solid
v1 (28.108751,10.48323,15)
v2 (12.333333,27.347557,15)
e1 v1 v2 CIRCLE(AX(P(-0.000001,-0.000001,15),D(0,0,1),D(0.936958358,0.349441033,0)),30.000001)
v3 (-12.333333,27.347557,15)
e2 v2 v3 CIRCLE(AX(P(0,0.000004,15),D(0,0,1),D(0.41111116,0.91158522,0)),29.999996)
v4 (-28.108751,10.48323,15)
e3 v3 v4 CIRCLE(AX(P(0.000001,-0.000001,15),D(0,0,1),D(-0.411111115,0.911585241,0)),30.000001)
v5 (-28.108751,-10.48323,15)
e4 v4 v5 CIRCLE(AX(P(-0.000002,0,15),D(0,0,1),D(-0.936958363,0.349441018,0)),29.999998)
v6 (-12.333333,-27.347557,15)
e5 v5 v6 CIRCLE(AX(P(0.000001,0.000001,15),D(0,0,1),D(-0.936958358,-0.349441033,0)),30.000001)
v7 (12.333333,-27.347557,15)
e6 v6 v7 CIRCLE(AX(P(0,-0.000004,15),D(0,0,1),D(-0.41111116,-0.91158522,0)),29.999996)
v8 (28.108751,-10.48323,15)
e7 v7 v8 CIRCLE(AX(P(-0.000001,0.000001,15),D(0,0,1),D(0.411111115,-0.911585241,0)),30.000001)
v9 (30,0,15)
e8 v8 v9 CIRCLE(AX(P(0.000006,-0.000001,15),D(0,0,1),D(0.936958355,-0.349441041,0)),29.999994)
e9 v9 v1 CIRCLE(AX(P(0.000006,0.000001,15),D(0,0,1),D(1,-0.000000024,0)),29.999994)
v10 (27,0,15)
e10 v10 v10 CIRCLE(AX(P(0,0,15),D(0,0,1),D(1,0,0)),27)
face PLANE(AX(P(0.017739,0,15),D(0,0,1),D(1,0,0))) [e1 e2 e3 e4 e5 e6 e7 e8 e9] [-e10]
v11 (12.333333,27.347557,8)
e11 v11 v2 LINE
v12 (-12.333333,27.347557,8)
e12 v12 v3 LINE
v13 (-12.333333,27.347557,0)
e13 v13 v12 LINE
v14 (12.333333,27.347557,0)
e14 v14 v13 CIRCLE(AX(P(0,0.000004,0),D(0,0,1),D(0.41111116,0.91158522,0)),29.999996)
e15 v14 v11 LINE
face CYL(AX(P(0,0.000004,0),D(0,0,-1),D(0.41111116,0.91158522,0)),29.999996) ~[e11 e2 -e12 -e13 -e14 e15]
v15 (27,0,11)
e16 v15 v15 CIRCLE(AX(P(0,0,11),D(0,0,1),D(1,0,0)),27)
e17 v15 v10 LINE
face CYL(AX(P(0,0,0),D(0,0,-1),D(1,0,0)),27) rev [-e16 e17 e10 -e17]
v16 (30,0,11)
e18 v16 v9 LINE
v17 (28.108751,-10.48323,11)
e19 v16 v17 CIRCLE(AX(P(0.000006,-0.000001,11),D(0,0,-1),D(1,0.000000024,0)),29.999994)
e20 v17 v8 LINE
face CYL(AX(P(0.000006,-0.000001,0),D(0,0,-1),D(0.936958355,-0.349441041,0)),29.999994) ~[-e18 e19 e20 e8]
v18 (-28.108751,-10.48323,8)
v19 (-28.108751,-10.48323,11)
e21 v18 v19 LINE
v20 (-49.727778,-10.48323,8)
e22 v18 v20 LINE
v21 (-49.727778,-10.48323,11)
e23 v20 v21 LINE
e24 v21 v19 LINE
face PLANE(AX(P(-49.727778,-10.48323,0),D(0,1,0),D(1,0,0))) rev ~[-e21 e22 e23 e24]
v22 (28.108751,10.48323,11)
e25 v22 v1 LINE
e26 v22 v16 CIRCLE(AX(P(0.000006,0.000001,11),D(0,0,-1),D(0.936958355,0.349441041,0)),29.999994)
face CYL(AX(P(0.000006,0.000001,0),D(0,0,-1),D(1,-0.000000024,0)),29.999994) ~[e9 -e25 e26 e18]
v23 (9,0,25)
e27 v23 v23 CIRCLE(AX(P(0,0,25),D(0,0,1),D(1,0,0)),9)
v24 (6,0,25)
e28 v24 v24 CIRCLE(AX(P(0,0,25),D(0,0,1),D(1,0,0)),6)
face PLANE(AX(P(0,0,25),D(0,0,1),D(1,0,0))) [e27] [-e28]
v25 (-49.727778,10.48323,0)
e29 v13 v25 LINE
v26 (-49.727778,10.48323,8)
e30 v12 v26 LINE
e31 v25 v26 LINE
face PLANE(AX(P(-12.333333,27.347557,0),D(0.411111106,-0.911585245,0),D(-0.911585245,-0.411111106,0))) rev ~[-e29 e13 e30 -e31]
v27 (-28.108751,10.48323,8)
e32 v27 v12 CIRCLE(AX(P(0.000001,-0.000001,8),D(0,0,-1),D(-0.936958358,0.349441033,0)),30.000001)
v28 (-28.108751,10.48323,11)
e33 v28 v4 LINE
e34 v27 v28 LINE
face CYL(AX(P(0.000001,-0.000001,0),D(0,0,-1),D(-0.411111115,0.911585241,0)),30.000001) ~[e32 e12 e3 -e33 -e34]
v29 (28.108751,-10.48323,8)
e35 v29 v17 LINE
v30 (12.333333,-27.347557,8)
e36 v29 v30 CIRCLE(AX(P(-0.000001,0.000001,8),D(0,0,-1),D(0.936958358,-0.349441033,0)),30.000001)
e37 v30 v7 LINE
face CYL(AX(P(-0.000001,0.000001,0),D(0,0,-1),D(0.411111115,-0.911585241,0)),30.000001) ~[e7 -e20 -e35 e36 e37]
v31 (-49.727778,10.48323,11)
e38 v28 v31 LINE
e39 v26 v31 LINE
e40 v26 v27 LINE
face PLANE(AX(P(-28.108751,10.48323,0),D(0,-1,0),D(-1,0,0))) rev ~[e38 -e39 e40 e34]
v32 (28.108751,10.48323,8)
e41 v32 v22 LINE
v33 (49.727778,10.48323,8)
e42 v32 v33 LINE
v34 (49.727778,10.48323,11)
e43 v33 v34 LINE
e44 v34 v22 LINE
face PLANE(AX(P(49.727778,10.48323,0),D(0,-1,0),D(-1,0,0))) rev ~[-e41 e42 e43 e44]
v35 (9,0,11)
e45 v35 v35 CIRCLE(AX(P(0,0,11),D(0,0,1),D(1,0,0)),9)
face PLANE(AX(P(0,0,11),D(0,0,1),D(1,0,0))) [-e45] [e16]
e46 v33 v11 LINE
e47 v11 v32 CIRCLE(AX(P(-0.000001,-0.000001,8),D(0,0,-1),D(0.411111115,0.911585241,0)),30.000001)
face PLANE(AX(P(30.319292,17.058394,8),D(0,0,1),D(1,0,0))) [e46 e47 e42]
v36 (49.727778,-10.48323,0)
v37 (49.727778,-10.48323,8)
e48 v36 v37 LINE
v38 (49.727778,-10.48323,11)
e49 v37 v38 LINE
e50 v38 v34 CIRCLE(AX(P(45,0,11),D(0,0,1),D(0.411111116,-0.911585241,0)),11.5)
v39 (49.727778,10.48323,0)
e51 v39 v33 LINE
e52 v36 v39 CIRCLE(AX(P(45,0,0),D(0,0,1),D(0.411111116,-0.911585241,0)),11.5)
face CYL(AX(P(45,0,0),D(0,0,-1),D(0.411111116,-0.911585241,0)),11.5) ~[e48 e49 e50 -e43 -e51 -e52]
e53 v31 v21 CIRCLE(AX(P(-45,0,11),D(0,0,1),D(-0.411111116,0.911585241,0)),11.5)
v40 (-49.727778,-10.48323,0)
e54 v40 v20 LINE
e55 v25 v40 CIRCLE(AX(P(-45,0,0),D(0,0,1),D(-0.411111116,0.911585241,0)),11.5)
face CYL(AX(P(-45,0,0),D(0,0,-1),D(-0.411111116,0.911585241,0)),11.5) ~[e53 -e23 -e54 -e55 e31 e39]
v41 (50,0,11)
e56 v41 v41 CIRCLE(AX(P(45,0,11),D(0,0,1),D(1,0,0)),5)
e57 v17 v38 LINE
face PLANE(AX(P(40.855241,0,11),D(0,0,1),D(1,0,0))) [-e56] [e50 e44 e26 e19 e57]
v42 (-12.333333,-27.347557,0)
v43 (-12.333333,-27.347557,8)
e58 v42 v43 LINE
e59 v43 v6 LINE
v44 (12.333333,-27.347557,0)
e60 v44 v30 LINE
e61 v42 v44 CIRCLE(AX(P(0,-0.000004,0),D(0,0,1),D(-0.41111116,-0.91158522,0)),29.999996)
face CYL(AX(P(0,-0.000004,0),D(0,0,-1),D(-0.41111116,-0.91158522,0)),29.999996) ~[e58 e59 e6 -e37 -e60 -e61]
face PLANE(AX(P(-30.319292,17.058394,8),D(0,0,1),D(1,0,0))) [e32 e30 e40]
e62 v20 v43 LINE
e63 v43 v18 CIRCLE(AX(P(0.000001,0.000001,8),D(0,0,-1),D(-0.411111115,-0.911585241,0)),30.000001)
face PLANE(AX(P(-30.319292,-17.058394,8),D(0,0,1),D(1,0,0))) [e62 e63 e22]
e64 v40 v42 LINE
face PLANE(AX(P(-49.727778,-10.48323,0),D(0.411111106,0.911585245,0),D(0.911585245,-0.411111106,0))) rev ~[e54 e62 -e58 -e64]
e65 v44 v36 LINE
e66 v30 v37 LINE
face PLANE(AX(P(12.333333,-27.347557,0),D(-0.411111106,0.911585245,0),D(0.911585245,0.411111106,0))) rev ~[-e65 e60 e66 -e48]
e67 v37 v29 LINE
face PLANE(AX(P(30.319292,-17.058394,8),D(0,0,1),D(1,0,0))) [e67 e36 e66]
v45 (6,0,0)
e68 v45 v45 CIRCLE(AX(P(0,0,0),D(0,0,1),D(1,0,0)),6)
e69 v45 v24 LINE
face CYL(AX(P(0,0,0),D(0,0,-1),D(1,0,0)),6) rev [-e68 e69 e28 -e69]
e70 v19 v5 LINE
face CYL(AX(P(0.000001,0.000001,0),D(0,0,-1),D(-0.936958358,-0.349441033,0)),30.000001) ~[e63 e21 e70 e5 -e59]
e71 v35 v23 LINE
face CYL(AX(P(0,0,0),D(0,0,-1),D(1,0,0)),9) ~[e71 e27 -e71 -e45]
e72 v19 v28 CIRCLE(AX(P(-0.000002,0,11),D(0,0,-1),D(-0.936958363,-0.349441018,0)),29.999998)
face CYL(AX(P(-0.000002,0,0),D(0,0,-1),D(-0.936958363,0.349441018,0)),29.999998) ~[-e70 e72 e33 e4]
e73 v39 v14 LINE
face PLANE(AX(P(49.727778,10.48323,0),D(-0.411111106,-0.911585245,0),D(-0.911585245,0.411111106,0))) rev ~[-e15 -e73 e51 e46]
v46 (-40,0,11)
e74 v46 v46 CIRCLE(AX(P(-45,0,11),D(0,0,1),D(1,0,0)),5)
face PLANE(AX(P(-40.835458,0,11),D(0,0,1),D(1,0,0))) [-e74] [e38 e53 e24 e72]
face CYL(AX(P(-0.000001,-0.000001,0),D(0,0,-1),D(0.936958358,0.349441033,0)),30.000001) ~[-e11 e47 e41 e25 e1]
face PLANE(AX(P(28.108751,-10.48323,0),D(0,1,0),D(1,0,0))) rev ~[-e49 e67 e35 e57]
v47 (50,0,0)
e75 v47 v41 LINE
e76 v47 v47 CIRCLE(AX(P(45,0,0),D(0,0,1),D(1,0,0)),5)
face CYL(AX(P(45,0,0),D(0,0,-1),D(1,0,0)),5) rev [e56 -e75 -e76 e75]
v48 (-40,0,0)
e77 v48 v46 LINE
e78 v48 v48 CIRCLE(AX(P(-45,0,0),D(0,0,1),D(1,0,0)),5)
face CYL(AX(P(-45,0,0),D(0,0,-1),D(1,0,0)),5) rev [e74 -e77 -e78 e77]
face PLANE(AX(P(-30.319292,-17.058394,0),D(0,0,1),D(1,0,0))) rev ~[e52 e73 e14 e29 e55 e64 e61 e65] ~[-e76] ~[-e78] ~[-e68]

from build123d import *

# Parameters (mm, degrees)
F0_R     = 5
F1_DEPTH = 11
F0_R_2   = 27
F2_DEPTH = 15
F0_R_3   = 9
F3_DEPTH = 11
F0_R_4   = 6
F4_DEPTH = 25
F5_DEPTH = 8


with BuildPart() as f1:
    # F0 (on Top) → F1 (new body)
    with BuildSketch(Plane.XY):
        with BuildLine():
            ThreePointArc((-28.108751, -10.48323), (-30, 0), (-28.108751, 10.48323))
            Line((-28.108751, 10.48323), (-49.727778, 10.48323))
            ThreePointArc((-49.727778, 10.48323), (-56.5, 0), (-49.727778, -10.48323))
            Line((-49.727778, -10.48323), (-28.108751, -10.48323))
        make_face()
        with Locations((-45, 0)):
            Circle(F0_R, mode=Mode.SUBTRACT)
        with BuildLine():
            ThreePointArc((28.108751, 10.48323), (29.523402, 5.326231), (30, 0))
            ThreePointArc((30, 0), (29.523402, -5.326231), (28.108751, -10.48323))
            Line((28.108751, -10.48323), (49.727778, -10.48323))
            ThreePointArc((49.727778, -10.48323), (56.5, 0), (49.727778, 10.48323))
            Line((49.727778, 10.48323), (28.108751, 10.48323))
        make_face()
        with Locations((45, 0)):
            Circle(F0_R, mode=Mode.SUBTRACT)
    extrude(amount=F1_DEPTH)

    # F0 (on Top) → F2 (join)
    with BuildSketch(Plane.XY):
        with BuildLine():
            ThreePointArc((28.108751, -10.48323), (29.523402, -5.326231), (30, 0))
            ThreePointArc((30, 0), (29.523402, 5.326231), (28.108751, 10.48323))
            ThreePointArc((28.108751, 10.48323), (21.908718, 20.494098), (12.333333, 27.347557))
            ThreePointArc((12.333333, 27.347557), (0, 30), (-12.333333, 27.347557))
            ThreePointArc((-12.333333, 27.347557), (-21.908718, 20.494098), (-28.108751, 10.48323))
            ThreePointArc((-28.108751, 10.48323), (-30, 0), (-28.108751, -10.48323))
            ThreePointArc((-28.108751, -10.48323), (-21.908718, -20.494098), (-12.333333, -27.347557))
            ThreePointArc((-12.333333, -27.347557), (0, -30), (12.333333, -27.347557))
            ThreePointArc((12.333333, -27.347557), (21.908718, -20.494098), (28.108751, -10.48323))
        make_face()
        Circle(F0_R_2, mode=Mode.SUBTRACT)
    extrude(amount=F2_DEPTH)

    # F0 (on Top) → F3 (join)
    with BuildSketch(Plane.XY):
        Circle(F0_R_2)
        Circle(F0_R_3, mode=Mode.SUBTRACT)
    extrude(amount=F3_DEPTH)

    # F0 (on Top) → F4 (join)
    with BuildSketch(Plane.XY):
        Circle(F0_R_3)
        Circle(F0_R_4, mode=Mode.SUBTRACT)
    extrude(amount=F4_DEPTH)

    # F0 (on Top) → F5 (join)
    with BuildSketch(Plane.XY):
        with BuildLine():
            Line((-49.727778, -10.48323), (-12.333333, -27.347557))
            ThreePointArc((-12.333333, -27.347557), (-21.908718, -20.494098), (-28.108751, -10.48323))
            Line((-28.108751, -10.48323), (-49.727778, -10.48323))
        make_face()
        with BuildLine():
            Line((49.727778, -10.48323), (28.108751, -10.48323))
            ThreePointArc((28.108751, -10.48323), (21.908718, -20.494098), (12.333333, -27.347557))
            Line((12.333333, -27.347557), (49.727778, -10.48323))
        make_face()
        with BuildLine():
            ThreePointArc((-28.108751, 10.48323), (-21.908718, 20.494098), (-12.333333, 27.347557))
            Line((-12.333333, 27.347557), (-49.727778, 10.48323))
            Line((-49.727778, 10.48323), (-28.108751, 10.48323))
        make_face()
        with BuildLine():
            ThreePointArc((12.333333, 27.347557), (21.908718, 20.494098), (28.108751, 10.48323))
            Line((28.108751, 10.48323), (49.727778, 10.48323))
            Line((49.727778, 10.48323), (12.333333, 27.347557))
        make_face()
    extrude(amount=F5_DEPTH)


solid = f1.part
